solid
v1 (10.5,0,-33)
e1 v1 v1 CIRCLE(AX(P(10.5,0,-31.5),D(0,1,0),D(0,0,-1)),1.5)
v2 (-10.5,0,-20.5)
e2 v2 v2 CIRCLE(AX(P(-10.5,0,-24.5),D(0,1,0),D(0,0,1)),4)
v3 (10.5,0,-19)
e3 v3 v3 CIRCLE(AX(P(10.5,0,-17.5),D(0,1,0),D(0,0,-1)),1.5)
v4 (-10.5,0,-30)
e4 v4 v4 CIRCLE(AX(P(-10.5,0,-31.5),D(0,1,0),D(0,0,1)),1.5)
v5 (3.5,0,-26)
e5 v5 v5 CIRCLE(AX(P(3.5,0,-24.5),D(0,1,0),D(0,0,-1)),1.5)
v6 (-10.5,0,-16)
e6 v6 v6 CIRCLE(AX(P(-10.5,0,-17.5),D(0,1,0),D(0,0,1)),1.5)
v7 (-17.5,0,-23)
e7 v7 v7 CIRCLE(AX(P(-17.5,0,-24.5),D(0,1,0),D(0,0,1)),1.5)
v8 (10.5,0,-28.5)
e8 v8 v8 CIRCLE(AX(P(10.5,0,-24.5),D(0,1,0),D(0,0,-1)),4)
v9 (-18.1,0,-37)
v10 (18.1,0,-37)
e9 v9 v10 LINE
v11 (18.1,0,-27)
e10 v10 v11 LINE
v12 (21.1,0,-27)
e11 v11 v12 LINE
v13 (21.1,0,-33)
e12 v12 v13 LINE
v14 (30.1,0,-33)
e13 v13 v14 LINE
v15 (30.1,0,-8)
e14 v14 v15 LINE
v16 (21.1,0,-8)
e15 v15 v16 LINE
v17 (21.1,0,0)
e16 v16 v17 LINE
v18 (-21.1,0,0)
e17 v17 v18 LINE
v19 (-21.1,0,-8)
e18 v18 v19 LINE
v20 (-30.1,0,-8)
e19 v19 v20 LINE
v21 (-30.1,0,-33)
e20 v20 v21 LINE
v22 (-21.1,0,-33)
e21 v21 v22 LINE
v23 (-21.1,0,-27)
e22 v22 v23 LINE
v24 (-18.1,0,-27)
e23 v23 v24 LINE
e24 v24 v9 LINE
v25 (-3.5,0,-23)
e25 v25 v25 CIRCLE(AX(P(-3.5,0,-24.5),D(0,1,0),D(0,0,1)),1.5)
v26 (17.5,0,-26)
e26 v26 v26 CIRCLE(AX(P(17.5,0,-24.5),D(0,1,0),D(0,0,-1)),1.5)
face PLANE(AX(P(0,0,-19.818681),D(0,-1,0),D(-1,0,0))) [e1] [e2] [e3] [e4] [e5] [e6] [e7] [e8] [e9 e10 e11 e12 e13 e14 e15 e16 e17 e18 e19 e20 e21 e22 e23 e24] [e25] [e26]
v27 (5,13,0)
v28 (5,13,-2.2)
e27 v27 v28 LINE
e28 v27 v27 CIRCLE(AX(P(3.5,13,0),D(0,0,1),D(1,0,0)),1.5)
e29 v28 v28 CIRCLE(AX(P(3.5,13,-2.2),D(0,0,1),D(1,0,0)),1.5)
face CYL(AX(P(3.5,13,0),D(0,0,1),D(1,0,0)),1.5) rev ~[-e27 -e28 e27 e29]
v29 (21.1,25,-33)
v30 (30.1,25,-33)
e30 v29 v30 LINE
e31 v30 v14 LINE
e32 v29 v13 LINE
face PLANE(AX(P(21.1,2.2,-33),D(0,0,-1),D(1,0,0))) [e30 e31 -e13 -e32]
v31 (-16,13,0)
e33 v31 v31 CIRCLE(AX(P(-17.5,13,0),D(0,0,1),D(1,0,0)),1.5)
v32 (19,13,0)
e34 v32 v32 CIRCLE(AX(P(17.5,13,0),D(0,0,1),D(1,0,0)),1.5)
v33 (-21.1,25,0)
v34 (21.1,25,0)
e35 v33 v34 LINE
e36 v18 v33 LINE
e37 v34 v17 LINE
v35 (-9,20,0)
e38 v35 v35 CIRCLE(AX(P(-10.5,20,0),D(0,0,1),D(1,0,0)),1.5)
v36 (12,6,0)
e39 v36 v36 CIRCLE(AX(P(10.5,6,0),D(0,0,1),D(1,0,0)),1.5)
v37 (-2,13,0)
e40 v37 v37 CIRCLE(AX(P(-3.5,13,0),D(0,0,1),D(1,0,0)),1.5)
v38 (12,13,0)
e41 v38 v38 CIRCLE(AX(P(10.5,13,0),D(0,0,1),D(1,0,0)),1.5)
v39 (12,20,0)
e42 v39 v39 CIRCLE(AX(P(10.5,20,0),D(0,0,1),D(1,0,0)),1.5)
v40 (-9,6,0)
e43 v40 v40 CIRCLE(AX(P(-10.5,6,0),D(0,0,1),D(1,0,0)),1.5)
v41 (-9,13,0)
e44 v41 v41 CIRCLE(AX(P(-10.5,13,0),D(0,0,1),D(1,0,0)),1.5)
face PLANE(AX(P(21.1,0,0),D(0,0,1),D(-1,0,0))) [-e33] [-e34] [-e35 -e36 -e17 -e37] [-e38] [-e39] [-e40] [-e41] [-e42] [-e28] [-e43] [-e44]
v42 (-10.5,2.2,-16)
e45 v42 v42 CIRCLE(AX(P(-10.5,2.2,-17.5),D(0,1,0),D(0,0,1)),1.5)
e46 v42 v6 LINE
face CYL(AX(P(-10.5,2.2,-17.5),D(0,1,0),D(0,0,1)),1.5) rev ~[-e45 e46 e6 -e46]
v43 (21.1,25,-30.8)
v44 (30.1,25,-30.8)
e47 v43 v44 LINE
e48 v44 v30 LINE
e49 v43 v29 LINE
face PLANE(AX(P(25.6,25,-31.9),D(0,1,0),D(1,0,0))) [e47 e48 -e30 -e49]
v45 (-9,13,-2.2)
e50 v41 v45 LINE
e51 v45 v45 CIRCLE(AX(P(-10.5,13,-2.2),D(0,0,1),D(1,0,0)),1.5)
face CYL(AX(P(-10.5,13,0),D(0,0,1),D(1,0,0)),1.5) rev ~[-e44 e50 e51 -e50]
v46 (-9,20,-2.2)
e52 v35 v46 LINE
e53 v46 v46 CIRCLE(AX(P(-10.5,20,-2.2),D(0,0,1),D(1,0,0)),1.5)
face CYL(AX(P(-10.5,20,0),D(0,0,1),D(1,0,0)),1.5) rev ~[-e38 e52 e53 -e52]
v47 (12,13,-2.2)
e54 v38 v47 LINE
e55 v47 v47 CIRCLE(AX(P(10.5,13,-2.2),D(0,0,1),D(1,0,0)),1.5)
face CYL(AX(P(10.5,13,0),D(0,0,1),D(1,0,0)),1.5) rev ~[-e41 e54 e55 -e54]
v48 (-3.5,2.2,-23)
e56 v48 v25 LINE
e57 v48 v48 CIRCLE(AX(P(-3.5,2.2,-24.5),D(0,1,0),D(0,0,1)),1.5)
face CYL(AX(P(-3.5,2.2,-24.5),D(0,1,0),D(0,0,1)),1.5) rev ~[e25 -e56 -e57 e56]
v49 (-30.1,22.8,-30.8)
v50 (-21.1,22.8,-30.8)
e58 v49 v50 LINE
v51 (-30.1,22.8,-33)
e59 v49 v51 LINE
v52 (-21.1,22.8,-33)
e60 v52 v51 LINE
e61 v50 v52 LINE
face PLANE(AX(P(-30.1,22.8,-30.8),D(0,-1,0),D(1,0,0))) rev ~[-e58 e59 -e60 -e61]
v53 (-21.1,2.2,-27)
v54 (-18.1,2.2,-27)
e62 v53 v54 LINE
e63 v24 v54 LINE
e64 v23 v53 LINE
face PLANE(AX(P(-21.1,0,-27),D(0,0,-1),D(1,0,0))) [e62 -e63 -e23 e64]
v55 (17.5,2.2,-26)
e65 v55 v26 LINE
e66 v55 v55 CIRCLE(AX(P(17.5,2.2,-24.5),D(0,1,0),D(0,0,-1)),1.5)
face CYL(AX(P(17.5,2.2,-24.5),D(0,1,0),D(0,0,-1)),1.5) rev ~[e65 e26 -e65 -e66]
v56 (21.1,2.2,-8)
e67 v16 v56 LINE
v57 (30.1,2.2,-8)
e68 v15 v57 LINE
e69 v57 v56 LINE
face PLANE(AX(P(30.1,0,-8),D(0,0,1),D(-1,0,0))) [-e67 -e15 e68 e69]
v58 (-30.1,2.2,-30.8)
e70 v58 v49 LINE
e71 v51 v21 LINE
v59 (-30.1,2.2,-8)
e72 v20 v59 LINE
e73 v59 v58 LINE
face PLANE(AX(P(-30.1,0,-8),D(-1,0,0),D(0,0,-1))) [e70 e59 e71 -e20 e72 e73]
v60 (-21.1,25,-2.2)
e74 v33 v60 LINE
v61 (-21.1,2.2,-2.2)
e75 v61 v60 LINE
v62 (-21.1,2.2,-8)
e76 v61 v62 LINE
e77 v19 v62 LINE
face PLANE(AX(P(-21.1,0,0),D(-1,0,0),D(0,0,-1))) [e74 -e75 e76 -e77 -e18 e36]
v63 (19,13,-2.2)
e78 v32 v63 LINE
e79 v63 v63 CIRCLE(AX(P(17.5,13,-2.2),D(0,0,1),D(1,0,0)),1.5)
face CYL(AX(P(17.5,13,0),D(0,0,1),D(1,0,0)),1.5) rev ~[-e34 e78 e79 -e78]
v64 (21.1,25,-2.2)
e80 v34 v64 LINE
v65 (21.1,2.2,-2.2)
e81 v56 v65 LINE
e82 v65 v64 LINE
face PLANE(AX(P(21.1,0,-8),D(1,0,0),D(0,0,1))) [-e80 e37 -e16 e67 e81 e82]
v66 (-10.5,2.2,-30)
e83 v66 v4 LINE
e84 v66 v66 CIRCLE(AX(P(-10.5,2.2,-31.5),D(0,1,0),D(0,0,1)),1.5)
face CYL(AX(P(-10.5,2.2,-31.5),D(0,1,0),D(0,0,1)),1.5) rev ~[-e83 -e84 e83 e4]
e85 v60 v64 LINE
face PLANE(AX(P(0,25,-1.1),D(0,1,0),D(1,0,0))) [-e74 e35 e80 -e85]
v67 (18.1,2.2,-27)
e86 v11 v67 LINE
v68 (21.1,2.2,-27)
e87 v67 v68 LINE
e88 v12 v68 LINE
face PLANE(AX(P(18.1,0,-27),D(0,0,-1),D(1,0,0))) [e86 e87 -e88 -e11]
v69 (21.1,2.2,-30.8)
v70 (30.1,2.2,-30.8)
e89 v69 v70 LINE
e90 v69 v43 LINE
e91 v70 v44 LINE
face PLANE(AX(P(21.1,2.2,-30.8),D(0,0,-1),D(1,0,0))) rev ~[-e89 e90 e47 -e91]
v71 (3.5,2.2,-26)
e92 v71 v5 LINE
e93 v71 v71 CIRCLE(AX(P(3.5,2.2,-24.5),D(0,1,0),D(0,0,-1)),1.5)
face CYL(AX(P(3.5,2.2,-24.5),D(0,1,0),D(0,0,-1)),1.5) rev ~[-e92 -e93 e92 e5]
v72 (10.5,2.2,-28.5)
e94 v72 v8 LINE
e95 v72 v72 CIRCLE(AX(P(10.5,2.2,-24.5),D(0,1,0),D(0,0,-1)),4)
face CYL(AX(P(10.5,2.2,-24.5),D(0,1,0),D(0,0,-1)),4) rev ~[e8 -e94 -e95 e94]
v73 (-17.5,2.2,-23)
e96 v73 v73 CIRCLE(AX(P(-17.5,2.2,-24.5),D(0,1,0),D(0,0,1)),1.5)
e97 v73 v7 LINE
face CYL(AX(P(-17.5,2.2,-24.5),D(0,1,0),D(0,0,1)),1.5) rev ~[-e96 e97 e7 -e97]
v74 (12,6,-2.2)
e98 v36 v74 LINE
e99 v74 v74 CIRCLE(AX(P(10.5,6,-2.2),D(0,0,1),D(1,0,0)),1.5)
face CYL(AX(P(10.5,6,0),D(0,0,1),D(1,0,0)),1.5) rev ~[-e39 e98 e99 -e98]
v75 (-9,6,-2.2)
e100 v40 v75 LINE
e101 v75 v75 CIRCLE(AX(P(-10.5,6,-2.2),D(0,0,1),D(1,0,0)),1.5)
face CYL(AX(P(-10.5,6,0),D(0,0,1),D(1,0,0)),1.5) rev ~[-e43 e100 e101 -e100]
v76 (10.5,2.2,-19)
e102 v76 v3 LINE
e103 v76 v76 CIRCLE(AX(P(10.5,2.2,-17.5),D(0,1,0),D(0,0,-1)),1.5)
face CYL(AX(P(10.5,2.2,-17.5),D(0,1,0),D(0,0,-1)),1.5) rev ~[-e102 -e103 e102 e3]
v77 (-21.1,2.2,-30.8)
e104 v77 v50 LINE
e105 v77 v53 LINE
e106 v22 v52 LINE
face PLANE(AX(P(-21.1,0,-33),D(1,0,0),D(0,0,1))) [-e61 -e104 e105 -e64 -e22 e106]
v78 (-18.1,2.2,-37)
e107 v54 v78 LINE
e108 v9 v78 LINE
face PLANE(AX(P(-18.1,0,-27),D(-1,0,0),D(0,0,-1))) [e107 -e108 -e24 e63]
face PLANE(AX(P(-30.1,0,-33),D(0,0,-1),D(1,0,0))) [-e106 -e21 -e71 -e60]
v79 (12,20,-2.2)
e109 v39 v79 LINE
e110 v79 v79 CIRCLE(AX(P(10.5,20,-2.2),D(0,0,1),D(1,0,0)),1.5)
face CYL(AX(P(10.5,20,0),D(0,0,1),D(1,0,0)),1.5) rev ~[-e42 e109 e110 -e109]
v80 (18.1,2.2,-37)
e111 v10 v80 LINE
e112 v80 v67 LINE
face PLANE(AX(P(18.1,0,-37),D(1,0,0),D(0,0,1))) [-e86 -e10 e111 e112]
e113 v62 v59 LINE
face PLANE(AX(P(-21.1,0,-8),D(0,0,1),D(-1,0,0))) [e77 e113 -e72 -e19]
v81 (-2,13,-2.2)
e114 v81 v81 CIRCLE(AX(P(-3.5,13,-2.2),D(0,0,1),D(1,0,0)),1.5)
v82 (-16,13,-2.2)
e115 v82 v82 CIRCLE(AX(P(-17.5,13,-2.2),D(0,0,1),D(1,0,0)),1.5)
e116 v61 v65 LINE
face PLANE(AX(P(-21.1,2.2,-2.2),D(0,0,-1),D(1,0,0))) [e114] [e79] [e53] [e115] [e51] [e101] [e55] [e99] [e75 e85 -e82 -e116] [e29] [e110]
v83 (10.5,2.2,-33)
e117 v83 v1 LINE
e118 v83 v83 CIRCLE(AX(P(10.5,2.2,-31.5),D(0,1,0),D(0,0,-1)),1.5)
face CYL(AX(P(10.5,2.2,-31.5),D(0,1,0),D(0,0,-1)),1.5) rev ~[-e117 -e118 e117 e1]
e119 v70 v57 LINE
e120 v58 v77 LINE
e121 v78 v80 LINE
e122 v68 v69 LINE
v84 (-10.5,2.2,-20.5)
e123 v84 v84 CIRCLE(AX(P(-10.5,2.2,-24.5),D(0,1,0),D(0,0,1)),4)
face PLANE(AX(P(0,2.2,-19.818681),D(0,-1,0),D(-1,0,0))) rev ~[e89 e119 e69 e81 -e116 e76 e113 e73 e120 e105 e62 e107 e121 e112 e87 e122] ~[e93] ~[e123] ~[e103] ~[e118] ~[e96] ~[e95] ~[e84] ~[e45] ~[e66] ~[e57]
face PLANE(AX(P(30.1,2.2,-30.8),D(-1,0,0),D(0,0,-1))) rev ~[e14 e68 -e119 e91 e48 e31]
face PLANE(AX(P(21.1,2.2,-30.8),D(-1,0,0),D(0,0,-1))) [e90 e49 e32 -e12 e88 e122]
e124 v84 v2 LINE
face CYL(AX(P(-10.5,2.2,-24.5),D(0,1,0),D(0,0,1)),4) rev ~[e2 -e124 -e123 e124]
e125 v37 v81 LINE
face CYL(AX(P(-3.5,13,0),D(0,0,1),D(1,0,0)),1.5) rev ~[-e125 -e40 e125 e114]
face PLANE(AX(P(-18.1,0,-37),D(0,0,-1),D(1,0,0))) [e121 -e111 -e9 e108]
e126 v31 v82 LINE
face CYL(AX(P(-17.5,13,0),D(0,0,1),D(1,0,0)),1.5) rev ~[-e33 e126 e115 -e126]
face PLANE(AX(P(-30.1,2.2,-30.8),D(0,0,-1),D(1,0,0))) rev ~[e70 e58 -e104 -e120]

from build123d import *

# Parameters (mm, degrees)
BOSS_EXTRUDE1_DEPTH = 2.2
SKETCH2_W           = 9
SKETCH2_H           = 2.2
SKETCH2_W_2         = 42.2
BOSS_EXTRUDE2_DEPTH = 22.8
SKETCH3_W           = 9
SKETCH3_H           = 2.2
CUT_EXTRUDE1_DEPTH  = 50.796084183
SKETCH4_R           = 1.5
CUT_EXTRUDE2_DEPTH  = 54.851740919
SKETCH5_R           = 4
SKETCH5_R_2         = 1.5
CUT_EXTRUDE3_DEPTH  = 53.866340899


with BuildPart() as part:
    # Sketch1 → Boss-Extrude1 (new body)
    with BuildSketch(Plane(origin=(0, 0, 0), x_dir=(1, 0, 0), z_dir=(0, 1, 0))):
        Polygon((21.1, 0), (-21.1, 0), (-21.1, 8), (-30.1, 8), (-30.1, 33), (-21.1, 33), (-21.1, 27), (-18.1, 27), (-18.1, 37), (18.1, 37), (18.1, 27), (21.1, 27), (21.1, 33), (30.1, 33), (30.1, 8), (21.1, 8), align=None)
    extrude(amount=BOSS_EXTRUDE1_DEPTH)

    # Sketch2 → Boss-Extrude2 (add)
    with BuildSketch(Plane(origin=(0, 2.2, 0), x_dir=(1, 0, 0), z_dir=(0, 1, 0))):
        with Locations((25.6, 31.9)):
            Rectangle(SKETCH2_W, SKETCH2_H)
        with Locations((-25.6, 31.9)):
            Rectangle(SKETCH2_W, SKETCH2_H)
        with Locations((0, 1.1)):
            Rectangle(SKETCH2_W_2, SKETCH2_H)
    extrude(amount=BOSS_EXTRUDE2_DEPTH)

    # Sketch3 → Cut-Extrude1 (cut, through all)
    with BuildSketch(Plane.XY.offset(-30.8)):
        with Locations((-25.6, 23.9)):
            Rectangle(SKETCH3_W, SKETCH3_H)
    extrude(amount=-CUT_EXTRUDE1_DEPTH, mode=Mode.SUBTRACT)

    # Sketch4 → Cut-Extrude2 (cut, through all)
    with BuildSketch(Plane.XY):
        with Locations((-17.5, 13)):
            Circle(SKETCH4_R)
        with Locations((-10.5, 13)):
            Circle(SKETCH4_R)
        with Locations((-10.5, 20)):
            Circle(SKETCH4_R)
        with Locations((-3.5, 13)):
            Circle(SKETCH4_R)
        with Locations((-10.5, 6)):
            Circle(SKETCH4_R)
        with Locations((10.5, 6)):
            Circle(SKETCH4_R)
        with Locations((3.5, 13)):
            Circle(SKETCH4_R)
        with Locations((10.5, 20)):
            Circle(SKETCH4_R)
        with Locations((10.5, 13)):
            Circle(SKETCH4_R)
        with Locations((17.5, 13)):
            Circle(SKETCH4_R)
    extrude(amount=-CUT_EXTRUDE2_DEPTH, mode=Mode.SUBTRACT)

    # Sketch5 → Cut-Extrude3 (cut, through all)
    with BuildSketch(Plane(origin=(0, 2.2, 0), x_dir=(1, 0, 0), z_dir=(0, 1, 0))):
        with Locations(Location((-10.5, 24.5, 0), (0, 0, 270))):
            Circle(SKETCH5_R)
        with Locations(Location((-17.5, 24.5, 0), (0, 0, 270))):
            Circle(SKETCH5_R_2)
        with Locations(Location((-10.5, 31.5, 0), (0, 0, 270))):
            Circle(SKETCH5_R_2)
        with Locations(Location((-3.5, 24.5, 0), (0, 0, 270))):
            Circle(SKETCH5_R_2)
        with Locations(Location((-10.5, 17.5, 0), (0, 0, 270))):
            Circle(SKETCH5_R_2)
        with Locations(Location((10.5, 17.5, 0), (0, 0, 90))):
            Circle(SKETCH5_R_2)
        with Locations(Location((3.5, 24.5, 0), (0, 0, 90))):
            Circle(SKETCH5_R_2)
        with Locations(Location((10.5, 31.5, 0), (0, 0, 90))):
            Circle(SKETCH5_R_2)
        with Locations(Location((17.5, 24.5, 0), (0, 0, 90))):
            Circle(SKETCH5_R_2)
        with Locations(Location((10.5, 24.5, 0), (0, 0, 90))):
            Circle(SKETCH5_R)
    extrude(amount=-CUT_EXTRUDE3_DEPTH, mode=Mode.SUBTRACT)


solid = part.part
